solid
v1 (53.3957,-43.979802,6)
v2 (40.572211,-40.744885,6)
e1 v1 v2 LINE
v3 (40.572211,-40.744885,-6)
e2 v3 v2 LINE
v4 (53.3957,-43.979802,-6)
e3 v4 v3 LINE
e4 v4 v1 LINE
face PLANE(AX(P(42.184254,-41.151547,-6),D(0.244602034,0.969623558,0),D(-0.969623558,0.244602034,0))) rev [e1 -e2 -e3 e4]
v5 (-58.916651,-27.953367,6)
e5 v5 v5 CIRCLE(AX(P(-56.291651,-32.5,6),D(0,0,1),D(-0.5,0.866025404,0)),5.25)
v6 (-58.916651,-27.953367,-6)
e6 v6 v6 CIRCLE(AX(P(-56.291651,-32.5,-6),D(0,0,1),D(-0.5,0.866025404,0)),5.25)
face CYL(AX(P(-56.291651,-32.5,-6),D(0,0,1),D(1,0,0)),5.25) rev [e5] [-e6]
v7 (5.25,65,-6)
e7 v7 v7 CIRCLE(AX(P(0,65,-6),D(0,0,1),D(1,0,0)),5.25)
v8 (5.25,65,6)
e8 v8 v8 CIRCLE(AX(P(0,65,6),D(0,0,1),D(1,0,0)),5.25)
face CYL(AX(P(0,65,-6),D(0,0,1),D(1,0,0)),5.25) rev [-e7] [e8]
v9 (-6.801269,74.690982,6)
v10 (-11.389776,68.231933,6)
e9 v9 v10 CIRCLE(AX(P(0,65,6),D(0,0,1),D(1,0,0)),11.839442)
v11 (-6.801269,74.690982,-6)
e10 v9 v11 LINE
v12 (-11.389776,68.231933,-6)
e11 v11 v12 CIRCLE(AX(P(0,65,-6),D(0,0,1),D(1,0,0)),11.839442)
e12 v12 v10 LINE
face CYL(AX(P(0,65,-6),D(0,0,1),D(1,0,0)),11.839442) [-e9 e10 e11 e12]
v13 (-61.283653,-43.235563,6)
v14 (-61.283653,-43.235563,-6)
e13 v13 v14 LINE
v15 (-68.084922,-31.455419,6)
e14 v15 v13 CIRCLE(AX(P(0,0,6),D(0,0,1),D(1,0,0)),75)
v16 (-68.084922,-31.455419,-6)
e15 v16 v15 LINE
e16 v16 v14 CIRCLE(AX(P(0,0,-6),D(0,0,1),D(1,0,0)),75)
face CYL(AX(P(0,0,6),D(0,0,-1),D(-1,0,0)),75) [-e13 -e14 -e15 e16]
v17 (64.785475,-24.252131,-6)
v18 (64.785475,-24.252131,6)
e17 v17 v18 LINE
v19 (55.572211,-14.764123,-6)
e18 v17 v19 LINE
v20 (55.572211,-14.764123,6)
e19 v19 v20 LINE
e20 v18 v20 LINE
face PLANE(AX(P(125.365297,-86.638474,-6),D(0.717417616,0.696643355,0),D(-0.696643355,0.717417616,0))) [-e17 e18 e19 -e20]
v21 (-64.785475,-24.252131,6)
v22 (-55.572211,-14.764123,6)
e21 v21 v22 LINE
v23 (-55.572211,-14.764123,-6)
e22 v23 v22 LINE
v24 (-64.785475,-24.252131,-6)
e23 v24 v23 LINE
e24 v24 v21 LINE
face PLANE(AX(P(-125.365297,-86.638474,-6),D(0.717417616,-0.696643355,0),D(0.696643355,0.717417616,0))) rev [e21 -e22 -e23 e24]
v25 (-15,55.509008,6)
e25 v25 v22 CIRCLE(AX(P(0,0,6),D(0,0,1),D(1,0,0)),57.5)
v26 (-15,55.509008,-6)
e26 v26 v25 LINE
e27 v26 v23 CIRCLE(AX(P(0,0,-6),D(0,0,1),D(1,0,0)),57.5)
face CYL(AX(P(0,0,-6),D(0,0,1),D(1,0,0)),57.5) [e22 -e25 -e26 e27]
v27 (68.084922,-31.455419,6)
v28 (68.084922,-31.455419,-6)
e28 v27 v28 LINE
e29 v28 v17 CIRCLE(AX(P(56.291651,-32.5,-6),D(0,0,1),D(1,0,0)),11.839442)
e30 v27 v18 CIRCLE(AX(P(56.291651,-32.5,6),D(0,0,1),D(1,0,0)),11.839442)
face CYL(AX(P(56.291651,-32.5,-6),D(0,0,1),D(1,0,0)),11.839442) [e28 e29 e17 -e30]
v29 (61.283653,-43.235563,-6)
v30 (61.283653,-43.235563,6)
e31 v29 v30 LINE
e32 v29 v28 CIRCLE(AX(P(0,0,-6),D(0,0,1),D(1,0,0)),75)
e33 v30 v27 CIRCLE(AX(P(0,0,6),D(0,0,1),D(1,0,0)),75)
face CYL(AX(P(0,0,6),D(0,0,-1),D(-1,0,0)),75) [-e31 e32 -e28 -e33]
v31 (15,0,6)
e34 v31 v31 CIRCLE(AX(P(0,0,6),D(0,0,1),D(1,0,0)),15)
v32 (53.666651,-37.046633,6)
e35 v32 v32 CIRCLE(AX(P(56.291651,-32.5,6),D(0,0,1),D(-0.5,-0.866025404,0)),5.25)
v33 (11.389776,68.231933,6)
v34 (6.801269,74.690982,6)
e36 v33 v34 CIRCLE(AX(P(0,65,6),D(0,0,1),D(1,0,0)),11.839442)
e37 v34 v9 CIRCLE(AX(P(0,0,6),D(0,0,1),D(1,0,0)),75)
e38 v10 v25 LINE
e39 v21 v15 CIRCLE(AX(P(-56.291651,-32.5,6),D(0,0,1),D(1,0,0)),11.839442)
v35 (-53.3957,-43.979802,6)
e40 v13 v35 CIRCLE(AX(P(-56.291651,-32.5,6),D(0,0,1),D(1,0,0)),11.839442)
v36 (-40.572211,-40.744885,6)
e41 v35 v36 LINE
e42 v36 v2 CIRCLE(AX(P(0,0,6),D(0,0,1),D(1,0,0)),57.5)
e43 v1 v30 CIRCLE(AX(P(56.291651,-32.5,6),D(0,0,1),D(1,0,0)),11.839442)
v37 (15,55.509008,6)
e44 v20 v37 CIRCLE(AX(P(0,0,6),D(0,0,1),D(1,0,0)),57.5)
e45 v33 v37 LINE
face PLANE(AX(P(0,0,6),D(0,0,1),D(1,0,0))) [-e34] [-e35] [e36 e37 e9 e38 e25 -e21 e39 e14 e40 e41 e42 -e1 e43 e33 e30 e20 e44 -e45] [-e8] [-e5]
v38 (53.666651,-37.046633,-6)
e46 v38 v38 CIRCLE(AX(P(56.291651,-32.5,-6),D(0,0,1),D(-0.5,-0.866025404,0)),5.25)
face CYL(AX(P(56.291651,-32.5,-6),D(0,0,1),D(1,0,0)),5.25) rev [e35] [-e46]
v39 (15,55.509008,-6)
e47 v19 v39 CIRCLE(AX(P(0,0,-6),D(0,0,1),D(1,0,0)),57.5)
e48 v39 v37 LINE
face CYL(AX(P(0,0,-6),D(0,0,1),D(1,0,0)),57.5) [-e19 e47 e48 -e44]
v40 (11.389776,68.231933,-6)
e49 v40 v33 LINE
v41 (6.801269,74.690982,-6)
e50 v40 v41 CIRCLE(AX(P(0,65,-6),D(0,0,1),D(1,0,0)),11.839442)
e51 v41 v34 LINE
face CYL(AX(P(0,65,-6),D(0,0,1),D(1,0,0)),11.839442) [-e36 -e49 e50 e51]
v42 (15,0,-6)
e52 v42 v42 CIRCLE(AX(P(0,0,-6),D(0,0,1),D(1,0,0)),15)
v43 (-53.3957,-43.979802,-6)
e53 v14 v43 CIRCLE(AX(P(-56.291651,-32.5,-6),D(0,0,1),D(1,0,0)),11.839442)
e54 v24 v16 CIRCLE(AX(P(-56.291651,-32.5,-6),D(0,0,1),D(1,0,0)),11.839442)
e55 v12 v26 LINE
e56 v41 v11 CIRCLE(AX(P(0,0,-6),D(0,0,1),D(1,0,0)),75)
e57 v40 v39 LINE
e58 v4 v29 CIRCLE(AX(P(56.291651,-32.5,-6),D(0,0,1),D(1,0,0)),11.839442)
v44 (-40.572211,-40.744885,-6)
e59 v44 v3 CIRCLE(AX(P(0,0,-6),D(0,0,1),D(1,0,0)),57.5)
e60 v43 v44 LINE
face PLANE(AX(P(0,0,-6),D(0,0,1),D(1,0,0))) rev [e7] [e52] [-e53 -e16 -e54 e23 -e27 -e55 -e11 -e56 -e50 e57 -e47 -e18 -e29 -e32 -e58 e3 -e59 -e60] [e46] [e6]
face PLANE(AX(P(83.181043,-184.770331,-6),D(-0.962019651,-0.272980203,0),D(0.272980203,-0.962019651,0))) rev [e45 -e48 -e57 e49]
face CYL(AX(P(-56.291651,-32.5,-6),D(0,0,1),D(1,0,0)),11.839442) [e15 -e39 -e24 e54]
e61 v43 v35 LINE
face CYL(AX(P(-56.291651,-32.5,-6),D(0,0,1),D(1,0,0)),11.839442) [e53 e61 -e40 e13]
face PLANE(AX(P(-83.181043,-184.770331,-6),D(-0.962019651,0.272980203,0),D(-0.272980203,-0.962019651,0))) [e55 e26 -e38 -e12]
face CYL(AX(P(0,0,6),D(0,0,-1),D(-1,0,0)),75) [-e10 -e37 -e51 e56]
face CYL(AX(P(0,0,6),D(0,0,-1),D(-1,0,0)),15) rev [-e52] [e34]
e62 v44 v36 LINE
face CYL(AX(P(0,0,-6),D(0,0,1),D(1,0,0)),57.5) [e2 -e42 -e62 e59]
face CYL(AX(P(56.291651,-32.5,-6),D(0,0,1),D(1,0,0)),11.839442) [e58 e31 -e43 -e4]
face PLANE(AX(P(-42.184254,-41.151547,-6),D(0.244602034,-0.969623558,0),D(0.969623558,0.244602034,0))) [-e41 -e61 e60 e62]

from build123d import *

# Parameters (mm, degrees)
ESBO_O1_R             = 75
ESBO_O1_R_2           = 15
EXTRUS_O1_DEPTH       = 6
ESBO_O2_R             = 5.25
CORTE_EXTRUS_O1_DEPTH = 107.742681248
CIRPATTERN1_COUNT     = 3
ESBO_O3_R             = 94.650975841
ESBO_O3_R_2           = 75
CORTE_EXTRUS_O3_DEPTH = 107.742681248


with BuildPart() as part:
    # Esboço1 → Extrusão1 (new, symmetric)
    with BuildSketch(Plane.XY):
        Circle(ESBO_O1_R)
        Circle(ESBO_O1_R_2, mode=Mode.SUBTRACT)
    extrude(amount=EXTRUS_O1_DEPTH, both=True)

    # Esboço2 → Corte-extrusão1 (cut, through all)
    with BuildSketch(Plane.XY.offset(6)):
        with Locations((0, 65)):
            Circle(ESBO_O2_R)
    corte_extrus_o1 = extrude(amount=-CORTE_EXTRUS_O1_DEPTH, mode=Mode.SUBTRACT)

    # CirPattern1: Corte-extrusão1 ×3 about axis
    cirpattern1_axis = Axis((0, 0, 0), (0, 0, 1))
    for i in range(1, CIRPATTERN1_COUNT):
        add(corte_extrus_o1.rotate(cirpattern1_axis, i * 360 / CIRPATTERN1_COUNT), mode=Mode.SUBTRACT)

    # Esboço3 → Corte-extrusão3 (cut, through all)
    # profile 1 of 4: a face of its own
    with BuildSketch(Plane.XY.offset(6)):
        Circle(ESBO_O3_R)
        Circle(ESBO_O3_R_2, mode=Mode.SUBTRACT)
    # profile 2 of 4: a face of its own
    with BuildSketch(Plane.XY.offset(6)):
        with BuildLine():
            ThreePointArc((-11.389775772, 68.231933262), (-9.651857518, 71.856677855), (-6.801268948, 74.690981656))
            ThreePointArc((-6.801268948, 74.690981656), (-64.951905284, 37.5), (-68.084922021, -31.455419141))
            ThreePointArc((-68.084922021, -31.455419141), (-67.055637213, -27.569585123), (-64.78547544, -24.252131468))
            Line((-64.78547544, -24.252131468), (-55.572211308, -14.764123082))
            ThreePointArc((-55.572211308, -14.764123082), (-49.796460718, 28.75), (-15, 55.509008278))
            Line((-15, 55.509008278), (-11.389775772, 68.231933262))
        make_face()
    # profile 3 of 4: a face of its own
    with BuildSketch(Plane.XY.offset(6)):
        with BuildLine():
            ThreePointArc((-53.395699668, -43.979801793), (-57.403779695, -44.287092732), (-61.283653073, -43.235562515))
            ThreePointArc((-61.283653073, -43.235562515), (0, -75), (61.283653073, -43.235562515))
            ThreePointArc((61.283653073, -43.235562515), (57.403779695, -44.287092732), (53.395699668, -43.979801793))
            Line((53.395699668, -43.979801793), (40.572211308, -40.744885196))
            ThreePointArc((40.572211308, -40.744885196), (0, -57.5), (-40.572211308, -40.744885196))
            Line((-40.572211308, -40.744885196), (-53.395699668, -43.979801793))
        make_face()
    # profile 4 of 4: a face of its own
    with BuildSketch(Plane.XY.offset(6)):
        with BuildLine():
            ThreePointArc((6.801268948, 74.690981656), (9.651857518, 71.856677855), (11.389775772, 68.231933262))
            Line((11.389775772, 68.231933262), (15, 55.509008278))
            ThreePointArc((15, 55.509008278), (45.654955919, 34.955328635), (57.5, 0))
            ThreePointArc((57.5, 0), (57.016015952, -7.444724636), (55.572211308, -14.764123082))
            Line((55.572211308, -14.764123082), (64.78547544, -24.252131468))
            ThreePointArc((64.78547544, -24.252131468), (67.055637213, -27.569585123), (68.084922021, -31.455419141))
            ThreePointArc((68.084922021, -31.455419141), (73.250833277, -16.10327371), (75, 0))
            ThreePointArc((75, 0), (55.385445611, 50.571260756), (6.801268948, 74.690981656))
        make_face()
    extrude(amount=-CORTE_EXTRUS_O3_DEPTH, mode=Mode.SUBTRACT)


solid = part.part
